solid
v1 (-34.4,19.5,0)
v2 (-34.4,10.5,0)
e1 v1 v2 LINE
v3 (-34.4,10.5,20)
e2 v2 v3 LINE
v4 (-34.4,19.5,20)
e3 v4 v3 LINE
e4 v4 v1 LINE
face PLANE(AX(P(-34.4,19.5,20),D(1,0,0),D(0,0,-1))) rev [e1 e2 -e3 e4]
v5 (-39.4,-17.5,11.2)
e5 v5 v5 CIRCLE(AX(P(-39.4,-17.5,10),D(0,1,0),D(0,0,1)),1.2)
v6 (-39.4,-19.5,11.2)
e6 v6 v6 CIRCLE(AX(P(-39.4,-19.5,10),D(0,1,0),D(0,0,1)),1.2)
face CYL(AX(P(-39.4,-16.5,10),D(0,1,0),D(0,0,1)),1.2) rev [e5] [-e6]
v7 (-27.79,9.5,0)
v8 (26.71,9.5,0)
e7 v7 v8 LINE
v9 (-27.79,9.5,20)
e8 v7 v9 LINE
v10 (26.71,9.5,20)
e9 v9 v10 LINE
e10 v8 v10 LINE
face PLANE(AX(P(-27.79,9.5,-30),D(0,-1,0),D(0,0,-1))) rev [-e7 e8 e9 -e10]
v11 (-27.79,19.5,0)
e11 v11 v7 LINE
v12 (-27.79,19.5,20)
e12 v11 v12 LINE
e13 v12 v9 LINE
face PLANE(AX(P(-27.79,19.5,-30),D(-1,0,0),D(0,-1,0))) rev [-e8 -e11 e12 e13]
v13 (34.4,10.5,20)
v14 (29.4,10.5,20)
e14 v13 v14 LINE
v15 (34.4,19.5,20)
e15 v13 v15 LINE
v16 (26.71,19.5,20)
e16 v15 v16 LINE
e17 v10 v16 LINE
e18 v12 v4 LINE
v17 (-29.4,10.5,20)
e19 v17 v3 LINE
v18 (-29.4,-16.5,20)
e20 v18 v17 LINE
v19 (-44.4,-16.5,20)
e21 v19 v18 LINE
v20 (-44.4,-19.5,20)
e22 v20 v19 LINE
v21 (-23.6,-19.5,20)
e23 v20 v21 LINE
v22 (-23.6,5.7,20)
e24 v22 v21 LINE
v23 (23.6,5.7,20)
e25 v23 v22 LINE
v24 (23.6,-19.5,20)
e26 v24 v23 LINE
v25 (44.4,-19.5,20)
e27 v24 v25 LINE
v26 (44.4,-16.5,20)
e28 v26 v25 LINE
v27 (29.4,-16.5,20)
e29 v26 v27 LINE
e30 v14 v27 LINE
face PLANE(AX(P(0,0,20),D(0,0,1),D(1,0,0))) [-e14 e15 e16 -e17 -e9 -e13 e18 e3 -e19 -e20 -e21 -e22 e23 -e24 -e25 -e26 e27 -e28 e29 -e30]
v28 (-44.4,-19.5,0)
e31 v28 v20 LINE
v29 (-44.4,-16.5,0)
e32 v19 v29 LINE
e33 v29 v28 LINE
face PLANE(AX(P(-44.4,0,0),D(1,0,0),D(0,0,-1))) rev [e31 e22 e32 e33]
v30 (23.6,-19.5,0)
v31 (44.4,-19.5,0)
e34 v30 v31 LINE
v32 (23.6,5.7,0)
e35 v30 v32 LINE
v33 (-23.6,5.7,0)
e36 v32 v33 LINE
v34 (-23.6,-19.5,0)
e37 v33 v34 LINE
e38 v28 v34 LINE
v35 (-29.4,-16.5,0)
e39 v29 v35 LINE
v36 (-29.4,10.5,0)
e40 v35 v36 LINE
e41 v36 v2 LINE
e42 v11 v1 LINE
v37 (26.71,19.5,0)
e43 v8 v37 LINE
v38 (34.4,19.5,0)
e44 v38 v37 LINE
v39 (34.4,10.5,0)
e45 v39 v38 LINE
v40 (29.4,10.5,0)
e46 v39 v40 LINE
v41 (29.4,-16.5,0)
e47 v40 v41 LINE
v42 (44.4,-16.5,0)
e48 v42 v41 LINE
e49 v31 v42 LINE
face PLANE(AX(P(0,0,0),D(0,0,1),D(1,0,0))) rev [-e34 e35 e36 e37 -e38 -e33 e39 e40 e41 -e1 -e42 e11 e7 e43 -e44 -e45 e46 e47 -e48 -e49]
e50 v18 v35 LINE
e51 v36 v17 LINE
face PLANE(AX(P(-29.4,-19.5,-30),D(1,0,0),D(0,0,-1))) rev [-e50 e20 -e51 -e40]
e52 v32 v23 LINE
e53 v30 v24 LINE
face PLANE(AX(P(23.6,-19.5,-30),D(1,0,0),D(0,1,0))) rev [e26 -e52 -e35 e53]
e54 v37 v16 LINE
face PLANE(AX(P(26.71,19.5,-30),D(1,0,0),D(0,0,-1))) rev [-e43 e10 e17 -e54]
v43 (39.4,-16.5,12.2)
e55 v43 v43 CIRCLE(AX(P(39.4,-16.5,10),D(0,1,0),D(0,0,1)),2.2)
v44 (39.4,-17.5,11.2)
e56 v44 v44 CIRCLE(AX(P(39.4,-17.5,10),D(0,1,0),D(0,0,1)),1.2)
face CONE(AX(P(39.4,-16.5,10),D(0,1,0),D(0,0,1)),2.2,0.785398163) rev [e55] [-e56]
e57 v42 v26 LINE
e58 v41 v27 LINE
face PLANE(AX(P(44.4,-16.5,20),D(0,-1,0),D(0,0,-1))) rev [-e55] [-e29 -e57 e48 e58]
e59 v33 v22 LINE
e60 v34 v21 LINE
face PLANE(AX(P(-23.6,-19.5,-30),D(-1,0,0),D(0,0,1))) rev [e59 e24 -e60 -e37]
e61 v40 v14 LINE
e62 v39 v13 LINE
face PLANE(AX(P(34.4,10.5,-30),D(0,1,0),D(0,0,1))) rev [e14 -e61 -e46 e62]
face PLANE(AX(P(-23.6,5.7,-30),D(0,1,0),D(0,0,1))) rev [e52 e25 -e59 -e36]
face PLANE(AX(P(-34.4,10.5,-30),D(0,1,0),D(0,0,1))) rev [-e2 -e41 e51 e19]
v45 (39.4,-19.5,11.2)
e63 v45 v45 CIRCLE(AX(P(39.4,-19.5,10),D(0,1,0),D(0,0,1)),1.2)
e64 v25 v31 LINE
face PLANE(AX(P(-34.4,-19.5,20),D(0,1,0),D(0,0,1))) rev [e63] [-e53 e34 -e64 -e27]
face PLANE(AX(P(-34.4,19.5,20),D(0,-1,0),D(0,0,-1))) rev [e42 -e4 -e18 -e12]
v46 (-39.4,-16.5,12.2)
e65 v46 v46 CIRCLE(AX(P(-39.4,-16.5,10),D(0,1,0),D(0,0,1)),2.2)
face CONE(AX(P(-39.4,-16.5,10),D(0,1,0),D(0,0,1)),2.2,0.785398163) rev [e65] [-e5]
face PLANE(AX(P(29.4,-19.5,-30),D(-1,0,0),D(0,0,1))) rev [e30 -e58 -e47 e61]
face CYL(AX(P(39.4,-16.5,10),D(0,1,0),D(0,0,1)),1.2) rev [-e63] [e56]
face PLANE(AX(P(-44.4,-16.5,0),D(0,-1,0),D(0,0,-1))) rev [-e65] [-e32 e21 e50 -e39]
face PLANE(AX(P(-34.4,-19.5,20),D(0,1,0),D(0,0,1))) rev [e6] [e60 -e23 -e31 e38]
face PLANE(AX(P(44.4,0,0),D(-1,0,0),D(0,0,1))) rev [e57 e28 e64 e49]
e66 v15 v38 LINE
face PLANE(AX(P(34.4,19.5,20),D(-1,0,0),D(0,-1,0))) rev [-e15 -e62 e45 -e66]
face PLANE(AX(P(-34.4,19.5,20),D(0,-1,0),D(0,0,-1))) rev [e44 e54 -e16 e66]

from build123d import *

# Parameters (mm, degrees)
SKETCH1_W                                       = 68.8
SKETCH1_H                                       = 39
BOSS_EXTRUDE1_DEPTH                             = 20
SKETCH2_W                                       = 47.2
SKETCH2_H                                       = 25.2
SKETCH2_W_2                                     = 54.5
SKETCH2_H_2                                     = 10
CUT_EXTRUDE1_DEPTH                              = 50
SKETCH3_W                                       = 5
SKETCH3_H                                       = 30
CUT_EXTRUDE2_DEPTH                              = 50
SKETCH4_W                                       = 20
SKETCH4_H                                       = 3
BOSS_EXTRUDE2_DEPTH                             = 15
SKETCH5_W                                       = 20
SKETCH5_H                                       = 3
BOSS_EXTRUDE3_DEPTH                             = 15
CSK_FOR_M2_FLAT_HEAD_MACHINE_SCREW1_D           = 2.4
CSK_FOR_M2_FLAT_HEAD_MACHINE_SCREW1_CSINK_D     = 4.4
CSK_FOR_M2_FLAT_HEAD_MACHINE_SCREW1_CSINK_ANGLE = 90
CSK_FOR_M2_FLAT_HEAD_MACHINE_SCREW2_D           = 2.4
CSK_FOR_M2_FLAT_HEAD_MACHINE_SCREW2_CSINK_D     = 4.4
CSK_FOR_M2_FLAT_HEAD_MACHINE_SCREW2_CSINK_ANGLE = 90


with BuildPart() as part:
    # Sketch1 → Boss-Extrude1 (new body)
    with BuildSketch(Plane.XY):
        Rectangle(SKETCH1_W, SKETCH1_H)
    extrude(amount=BOSS_EXTRUDE1_DEPTH)

    # Sketch2 → Cut-Extrude1 (cut)
    with BuildSketch(Plane.XY.offset(20)):
        with Locations((0, -6.9)):
            Rectangle(SKETCH2_W, SKETCH2_H)
        with Locations((-0.54, 14.5)):
            Rectangle(SKETCH2_W_2, SKETCH2_H_2)
    extrude(amount=-CUT_EXTRUDE1_DEPTH, mode=Mode.SUBTRACT)

    # Sketch3 → Cut-Extrude2 (cut)
    with BuildSketch(Plane.XY.offset(20)):
        with Locations((-31.9, -4.5)):
            Rectangle(SKETCH3_W, SKETCH3_H)
        with Locations((31.9, -4.5)):
            Rectangle(SKETCH3_W, SKETCH3_H)
    extrude(amount=-CUT_EXTRUDE2_DEPTH, mode=Mode.SUBTRACT)

    # Sketch4 → Boss-Extrude2 (add)
    with BuildSketch(Plane.ZY.offset(29.4)):
        with Locations((10, -18)):
            Rectangle(SKETCH4_W, SKETCH4_H)
    extrude(amount=BOSS_EXTRUDE2_DEPTH)

    # Sketch5 → Boss-Extrude3 (add)
    with BuildSketch(Plane(origin=(29.4, 0, 0), x_dir=(0, 0, -1), z_dir=(1, 0, 0))):
        with Locations((-10, -18)):
            Rectangle(SKETCH5_W, SKETCH5_H)
    extrude(amount=BOSS_EXTRUDE3_DEPTH)

    # CSK for M2 Flat Head Machine Screw1 (through all)
    with Locations(Plane(origin=(0, -16.5, 0), x_dir=(1, 0, 0), z_dir=(0, 1, 0))):
        with Locations((-39.4, -10)):
            CounterSinkHole(CSK_FOR_M2_FLAT_HEAD_MACHINE_SCREW1_D / 2, CSK_FOR_M2_FLAT_HEAD_MACHINE_SCREW1_CSINK_D / 2, counter_sink_angle=CSK_FOR_M2_FLAT_HEAD_MACHINE_SCREW1_CSINK_ANGLE)

    # CSK for M2 Flat Head Machine Screw2 (through all)
    with Locations(Plane(origin=(0, -16.5, 0), x_dir=(1, 0, 0), z_dir=(0, 1, 0))):
        with Locations((39.4, -10)):
            CounterSinkHole(CSK_FOR_M2_FLAT_HEAD_MACHINE_SCREW2_D / 2, CSK_FOR_M2_FLAT_HEAD_MACHINE_SCREW2_CSINK_D / 2, counter_sink_angle=CSK_FOR_M2_FLAT_HEAD_MACHINE_SCREW2_CSINK_ANGLE)


solid = part.part
